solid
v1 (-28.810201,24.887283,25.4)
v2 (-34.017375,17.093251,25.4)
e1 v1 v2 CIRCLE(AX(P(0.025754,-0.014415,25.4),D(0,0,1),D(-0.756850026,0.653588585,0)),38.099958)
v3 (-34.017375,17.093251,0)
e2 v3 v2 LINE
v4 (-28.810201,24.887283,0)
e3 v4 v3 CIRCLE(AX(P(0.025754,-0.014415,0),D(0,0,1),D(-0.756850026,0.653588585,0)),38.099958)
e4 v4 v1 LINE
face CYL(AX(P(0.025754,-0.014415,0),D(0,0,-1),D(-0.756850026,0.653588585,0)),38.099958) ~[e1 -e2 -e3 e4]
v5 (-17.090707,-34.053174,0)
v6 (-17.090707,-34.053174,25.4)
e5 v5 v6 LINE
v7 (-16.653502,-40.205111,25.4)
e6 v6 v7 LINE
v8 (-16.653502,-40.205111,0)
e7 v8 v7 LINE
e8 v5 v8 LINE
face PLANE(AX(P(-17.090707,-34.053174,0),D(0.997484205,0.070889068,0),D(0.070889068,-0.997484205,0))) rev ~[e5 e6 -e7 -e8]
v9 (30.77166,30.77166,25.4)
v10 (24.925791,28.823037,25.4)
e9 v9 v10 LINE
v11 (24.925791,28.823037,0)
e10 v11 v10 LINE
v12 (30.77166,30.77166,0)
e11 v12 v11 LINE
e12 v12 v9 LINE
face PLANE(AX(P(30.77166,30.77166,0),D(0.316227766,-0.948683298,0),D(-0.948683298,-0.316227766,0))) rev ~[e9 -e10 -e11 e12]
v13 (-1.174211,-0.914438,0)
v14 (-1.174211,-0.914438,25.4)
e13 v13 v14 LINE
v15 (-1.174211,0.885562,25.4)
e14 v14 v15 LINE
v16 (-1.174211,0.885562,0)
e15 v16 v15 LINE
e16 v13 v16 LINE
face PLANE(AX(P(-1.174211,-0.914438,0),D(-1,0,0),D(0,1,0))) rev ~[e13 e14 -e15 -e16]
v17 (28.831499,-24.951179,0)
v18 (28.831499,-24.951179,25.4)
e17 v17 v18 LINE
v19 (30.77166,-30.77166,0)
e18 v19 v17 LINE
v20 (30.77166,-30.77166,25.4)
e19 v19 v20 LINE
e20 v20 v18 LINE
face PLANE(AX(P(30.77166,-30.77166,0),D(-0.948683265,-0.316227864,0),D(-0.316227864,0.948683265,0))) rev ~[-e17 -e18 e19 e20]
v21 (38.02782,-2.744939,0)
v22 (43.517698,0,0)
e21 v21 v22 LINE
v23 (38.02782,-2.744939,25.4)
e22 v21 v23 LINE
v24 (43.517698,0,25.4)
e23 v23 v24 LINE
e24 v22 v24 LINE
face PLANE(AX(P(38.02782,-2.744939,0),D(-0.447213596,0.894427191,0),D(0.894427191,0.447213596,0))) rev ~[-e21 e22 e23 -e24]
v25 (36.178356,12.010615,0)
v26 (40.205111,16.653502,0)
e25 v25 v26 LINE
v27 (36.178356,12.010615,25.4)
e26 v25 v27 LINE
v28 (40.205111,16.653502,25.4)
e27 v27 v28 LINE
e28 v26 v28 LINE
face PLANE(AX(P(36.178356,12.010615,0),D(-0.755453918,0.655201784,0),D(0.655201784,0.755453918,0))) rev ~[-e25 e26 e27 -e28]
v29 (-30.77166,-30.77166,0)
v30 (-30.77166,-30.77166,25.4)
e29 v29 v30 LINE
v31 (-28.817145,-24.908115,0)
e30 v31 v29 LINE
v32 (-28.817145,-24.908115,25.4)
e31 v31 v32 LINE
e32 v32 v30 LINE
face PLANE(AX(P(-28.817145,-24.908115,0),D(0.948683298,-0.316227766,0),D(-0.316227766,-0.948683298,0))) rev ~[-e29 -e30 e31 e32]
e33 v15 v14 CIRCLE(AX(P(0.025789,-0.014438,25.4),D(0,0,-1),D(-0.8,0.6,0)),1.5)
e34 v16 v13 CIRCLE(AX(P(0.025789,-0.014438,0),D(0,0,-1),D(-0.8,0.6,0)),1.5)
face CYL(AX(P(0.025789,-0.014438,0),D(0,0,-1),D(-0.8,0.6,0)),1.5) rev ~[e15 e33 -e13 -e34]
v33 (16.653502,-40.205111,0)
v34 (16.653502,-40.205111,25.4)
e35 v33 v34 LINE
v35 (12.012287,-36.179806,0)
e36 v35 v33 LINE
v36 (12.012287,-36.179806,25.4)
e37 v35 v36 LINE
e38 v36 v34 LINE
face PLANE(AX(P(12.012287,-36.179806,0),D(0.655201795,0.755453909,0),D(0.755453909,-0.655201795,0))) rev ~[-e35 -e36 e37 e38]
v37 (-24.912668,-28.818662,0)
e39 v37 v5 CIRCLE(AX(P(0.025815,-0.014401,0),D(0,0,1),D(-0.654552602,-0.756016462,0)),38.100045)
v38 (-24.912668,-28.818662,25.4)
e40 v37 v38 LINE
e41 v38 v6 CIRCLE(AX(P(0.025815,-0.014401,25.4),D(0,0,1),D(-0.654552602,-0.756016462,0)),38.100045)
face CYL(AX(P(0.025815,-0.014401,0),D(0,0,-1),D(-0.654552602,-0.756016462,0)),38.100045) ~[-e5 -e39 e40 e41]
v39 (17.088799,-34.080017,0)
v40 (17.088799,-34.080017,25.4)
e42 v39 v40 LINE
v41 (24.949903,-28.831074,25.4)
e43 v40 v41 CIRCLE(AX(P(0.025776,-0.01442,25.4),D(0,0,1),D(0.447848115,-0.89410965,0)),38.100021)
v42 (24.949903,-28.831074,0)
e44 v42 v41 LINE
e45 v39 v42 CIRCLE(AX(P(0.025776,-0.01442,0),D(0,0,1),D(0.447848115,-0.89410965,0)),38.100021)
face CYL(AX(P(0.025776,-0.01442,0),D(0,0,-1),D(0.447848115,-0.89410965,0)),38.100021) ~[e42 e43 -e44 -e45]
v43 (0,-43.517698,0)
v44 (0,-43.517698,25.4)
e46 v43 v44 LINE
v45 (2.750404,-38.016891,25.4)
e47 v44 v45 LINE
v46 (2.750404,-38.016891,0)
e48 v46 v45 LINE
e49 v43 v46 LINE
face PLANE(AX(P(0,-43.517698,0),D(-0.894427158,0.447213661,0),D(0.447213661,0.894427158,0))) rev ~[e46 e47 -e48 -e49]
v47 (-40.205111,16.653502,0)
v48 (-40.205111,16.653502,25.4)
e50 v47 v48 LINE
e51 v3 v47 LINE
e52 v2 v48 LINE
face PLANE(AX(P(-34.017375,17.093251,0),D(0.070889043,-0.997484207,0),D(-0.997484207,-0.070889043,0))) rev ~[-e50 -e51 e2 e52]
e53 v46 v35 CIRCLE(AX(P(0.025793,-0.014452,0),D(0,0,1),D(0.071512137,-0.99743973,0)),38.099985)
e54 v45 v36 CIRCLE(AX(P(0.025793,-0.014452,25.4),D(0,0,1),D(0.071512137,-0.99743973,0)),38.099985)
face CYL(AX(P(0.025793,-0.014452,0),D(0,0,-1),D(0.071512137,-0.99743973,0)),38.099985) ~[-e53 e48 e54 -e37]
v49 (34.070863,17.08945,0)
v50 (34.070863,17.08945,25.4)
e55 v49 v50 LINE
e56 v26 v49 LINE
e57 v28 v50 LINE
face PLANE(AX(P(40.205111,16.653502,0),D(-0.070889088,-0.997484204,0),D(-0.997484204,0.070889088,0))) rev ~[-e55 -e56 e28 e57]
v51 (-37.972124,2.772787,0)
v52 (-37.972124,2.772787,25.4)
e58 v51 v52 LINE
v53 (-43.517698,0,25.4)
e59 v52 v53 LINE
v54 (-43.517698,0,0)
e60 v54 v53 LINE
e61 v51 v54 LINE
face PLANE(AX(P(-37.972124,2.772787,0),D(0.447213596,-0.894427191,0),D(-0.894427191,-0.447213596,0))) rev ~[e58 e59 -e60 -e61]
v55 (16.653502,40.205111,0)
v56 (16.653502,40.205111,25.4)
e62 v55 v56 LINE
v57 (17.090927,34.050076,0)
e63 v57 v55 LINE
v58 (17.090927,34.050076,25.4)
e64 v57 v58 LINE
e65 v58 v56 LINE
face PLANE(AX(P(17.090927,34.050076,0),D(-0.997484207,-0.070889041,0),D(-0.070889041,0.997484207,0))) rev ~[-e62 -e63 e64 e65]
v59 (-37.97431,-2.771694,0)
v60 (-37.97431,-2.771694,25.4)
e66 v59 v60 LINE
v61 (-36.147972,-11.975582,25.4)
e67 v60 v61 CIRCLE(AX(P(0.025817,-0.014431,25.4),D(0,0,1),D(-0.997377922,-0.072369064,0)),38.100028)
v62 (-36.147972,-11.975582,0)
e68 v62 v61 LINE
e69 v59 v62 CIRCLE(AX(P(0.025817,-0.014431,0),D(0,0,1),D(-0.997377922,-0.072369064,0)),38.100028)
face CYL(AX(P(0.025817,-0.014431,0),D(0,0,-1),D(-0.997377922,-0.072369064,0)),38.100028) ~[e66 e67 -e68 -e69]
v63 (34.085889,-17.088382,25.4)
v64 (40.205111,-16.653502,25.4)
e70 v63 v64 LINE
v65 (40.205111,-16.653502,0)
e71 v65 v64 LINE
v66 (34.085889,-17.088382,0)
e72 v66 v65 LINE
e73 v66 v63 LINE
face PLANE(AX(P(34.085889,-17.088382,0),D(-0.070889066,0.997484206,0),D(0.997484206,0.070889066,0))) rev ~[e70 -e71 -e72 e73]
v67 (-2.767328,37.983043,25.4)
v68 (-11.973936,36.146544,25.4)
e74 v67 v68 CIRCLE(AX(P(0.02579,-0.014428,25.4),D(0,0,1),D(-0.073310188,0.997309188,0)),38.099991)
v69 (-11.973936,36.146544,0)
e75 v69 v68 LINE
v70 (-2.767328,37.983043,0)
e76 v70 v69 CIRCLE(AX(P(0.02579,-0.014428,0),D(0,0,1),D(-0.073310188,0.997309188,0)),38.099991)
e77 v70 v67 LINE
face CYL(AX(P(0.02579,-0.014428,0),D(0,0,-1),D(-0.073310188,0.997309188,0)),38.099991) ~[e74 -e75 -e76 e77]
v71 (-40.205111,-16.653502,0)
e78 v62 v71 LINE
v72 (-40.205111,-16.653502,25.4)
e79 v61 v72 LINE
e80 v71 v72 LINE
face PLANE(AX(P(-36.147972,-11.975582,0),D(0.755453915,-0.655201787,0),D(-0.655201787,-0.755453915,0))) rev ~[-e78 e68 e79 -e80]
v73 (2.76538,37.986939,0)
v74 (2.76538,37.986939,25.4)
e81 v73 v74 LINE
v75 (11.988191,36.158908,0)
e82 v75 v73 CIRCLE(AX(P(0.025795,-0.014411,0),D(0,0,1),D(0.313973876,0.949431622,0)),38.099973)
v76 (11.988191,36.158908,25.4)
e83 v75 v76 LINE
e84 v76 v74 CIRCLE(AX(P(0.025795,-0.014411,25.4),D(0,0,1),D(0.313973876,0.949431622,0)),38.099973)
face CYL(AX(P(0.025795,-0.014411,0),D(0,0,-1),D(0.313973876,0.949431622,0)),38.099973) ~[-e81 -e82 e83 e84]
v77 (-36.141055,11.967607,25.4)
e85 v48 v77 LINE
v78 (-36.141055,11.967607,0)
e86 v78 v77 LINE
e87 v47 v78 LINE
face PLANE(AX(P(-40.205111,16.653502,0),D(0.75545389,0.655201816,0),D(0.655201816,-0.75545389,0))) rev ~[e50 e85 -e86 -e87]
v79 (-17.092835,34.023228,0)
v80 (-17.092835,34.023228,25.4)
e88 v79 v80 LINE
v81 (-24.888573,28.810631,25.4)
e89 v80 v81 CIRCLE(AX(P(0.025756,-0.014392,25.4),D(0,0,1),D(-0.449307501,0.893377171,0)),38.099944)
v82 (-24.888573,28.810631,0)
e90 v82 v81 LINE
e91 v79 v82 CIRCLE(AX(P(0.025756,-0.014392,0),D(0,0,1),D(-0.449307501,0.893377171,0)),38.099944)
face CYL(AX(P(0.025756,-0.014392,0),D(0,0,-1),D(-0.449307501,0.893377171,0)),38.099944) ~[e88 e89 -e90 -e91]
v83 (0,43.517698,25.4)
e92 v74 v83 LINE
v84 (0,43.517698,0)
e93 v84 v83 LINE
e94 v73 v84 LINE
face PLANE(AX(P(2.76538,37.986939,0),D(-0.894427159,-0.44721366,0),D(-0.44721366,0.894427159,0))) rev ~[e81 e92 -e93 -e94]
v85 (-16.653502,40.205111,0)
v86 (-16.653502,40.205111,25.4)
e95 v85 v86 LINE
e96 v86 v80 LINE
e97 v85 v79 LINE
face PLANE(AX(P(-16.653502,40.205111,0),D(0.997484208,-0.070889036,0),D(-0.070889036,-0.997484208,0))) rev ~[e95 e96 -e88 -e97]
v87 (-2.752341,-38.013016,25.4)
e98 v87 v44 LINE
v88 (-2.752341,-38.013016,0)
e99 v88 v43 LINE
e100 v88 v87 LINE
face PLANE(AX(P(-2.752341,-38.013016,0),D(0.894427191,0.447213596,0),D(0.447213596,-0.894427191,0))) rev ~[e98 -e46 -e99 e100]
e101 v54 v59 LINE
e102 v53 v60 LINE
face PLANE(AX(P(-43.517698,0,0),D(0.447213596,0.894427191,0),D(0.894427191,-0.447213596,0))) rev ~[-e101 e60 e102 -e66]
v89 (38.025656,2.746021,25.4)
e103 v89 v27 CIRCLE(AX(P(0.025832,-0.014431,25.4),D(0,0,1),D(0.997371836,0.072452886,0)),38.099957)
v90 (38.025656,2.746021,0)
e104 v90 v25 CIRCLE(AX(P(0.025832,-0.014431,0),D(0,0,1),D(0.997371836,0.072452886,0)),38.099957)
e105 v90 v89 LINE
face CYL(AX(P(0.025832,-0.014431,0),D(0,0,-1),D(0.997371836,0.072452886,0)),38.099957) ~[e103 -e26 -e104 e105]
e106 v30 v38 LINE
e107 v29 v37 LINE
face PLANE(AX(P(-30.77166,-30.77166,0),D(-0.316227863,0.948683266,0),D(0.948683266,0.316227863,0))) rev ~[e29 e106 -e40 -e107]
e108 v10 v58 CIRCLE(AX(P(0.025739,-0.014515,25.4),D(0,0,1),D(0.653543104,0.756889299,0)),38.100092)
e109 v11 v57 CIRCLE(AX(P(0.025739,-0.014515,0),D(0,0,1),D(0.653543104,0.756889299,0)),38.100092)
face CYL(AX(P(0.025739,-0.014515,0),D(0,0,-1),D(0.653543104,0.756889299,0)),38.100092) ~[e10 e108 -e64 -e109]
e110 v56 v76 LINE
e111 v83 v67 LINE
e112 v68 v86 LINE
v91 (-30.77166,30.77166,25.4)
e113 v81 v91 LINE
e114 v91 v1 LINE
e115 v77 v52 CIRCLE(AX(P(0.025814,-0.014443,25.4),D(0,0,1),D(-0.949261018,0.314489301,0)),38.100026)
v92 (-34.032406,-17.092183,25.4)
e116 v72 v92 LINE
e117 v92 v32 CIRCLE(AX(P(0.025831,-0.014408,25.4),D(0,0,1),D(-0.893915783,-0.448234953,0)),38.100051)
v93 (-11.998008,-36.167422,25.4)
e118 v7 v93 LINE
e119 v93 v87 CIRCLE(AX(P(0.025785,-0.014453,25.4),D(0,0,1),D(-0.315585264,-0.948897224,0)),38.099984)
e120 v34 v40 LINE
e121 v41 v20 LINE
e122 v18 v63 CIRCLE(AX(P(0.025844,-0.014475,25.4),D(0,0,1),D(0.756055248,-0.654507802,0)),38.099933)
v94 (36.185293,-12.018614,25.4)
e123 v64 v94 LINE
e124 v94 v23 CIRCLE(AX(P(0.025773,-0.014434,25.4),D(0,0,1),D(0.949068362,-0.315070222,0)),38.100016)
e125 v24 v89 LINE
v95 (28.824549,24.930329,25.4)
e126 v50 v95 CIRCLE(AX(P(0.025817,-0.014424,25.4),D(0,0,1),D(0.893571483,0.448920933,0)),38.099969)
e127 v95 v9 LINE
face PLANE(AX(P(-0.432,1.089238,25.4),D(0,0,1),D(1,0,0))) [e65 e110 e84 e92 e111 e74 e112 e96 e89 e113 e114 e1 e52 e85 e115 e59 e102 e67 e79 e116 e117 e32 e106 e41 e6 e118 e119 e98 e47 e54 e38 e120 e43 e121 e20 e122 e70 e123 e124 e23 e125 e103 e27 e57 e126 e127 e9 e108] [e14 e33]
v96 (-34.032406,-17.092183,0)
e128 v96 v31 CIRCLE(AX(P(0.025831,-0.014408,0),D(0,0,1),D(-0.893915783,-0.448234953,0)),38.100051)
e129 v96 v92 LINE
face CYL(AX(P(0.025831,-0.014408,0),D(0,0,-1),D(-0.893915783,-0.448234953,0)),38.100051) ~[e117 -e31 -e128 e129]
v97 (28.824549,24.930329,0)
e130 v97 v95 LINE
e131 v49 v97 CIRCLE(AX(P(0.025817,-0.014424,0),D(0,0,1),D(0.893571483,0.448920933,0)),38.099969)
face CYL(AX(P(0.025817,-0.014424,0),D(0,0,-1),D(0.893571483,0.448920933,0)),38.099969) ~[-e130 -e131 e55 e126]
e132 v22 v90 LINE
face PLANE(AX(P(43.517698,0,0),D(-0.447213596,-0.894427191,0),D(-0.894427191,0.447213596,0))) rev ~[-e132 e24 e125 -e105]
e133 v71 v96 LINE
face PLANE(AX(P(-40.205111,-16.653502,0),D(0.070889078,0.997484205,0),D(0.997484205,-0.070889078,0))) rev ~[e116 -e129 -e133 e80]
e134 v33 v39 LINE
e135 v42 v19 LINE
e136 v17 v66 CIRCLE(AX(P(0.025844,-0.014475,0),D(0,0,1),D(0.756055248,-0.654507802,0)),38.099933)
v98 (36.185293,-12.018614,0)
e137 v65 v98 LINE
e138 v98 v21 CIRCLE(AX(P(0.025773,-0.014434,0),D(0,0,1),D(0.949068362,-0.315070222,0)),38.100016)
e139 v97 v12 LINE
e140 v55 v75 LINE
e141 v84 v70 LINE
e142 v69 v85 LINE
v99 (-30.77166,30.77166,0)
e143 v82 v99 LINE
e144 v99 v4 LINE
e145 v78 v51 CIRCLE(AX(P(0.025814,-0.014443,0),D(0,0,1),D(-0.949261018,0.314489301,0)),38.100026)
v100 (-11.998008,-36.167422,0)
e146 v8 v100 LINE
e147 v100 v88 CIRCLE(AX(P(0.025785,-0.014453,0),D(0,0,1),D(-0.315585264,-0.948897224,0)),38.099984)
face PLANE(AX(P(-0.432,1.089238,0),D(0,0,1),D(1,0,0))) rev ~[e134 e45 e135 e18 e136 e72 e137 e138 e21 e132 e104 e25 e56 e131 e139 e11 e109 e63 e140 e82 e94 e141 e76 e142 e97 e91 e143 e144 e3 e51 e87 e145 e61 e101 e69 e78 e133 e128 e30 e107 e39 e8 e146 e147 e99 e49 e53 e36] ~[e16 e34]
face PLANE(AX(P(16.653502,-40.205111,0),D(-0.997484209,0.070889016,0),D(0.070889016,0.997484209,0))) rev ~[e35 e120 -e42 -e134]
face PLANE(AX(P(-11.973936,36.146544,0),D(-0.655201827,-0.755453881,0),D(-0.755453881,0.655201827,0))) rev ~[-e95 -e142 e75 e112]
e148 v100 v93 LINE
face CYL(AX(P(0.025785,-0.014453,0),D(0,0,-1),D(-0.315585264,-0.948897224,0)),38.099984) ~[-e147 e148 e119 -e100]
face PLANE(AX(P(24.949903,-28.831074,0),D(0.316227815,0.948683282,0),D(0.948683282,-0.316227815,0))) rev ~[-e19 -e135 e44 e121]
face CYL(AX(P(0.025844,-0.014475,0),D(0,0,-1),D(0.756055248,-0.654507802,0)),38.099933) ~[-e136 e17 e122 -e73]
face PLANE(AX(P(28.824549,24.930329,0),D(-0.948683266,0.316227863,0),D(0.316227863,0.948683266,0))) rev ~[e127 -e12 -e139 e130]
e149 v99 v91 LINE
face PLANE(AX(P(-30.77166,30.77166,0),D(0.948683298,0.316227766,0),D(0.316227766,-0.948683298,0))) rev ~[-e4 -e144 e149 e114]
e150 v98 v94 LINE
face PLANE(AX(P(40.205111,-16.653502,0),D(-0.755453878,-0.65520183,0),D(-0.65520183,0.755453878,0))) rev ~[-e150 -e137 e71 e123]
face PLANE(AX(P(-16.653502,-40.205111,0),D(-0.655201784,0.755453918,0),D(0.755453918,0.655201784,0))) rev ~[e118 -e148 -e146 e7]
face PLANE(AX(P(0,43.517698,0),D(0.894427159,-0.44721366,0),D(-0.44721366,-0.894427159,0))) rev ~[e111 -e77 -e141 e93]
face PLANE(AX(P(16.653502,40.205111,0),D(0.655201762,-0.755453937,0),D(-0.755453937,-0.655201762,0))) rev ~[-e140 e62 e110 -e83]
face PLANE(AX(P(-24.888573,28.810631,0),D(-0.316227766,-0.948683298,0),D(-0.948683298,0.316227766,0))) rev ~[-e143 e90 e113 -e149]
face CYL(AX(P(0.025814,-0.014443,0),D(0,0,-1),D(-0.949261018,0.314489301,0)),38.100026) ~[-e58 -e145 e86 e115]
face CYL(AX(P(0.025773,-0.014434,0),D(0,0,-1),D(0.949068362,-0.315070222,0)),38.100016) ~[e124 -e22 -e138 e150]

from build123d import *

# Parameters (mm, degrees)
F1_DEPTH = 25.4


with BuildPart() as f1:
    # F0 (on Top) → F1 (new body)
    with BuildSketch(Plane.XY):
        with BuildLine():
            ThreePointArc((24.925791, 28.823037), (21.170498, 31.679588), (17.090927, 34.050076))
            ThreePointArc((17.090927, 34.050076), (14.57781, 35.197048), (11.988191, 36.158908))
            ThreePointArc((11.988191, 36.158908), (7.433391, 37.358513), (2.76538, 37.986939))
            ThreePointArc((2.76538, 37.986939), (-0.001045, 38.085553), (-2.767328, 37.983043))
            ThreePointArc((-2.767328, 37.983043), (-7.427413, 37.349446), (-11.973936, 36.146544))
            Line((-11.973936, 36.146544), (-16.653502, 40.205111))
            Line((-16.653502, 40.205111), (-17.092835, 34.023228))
            ThreePointArc((-17.092835, 34.023228), (-21.151694, 31.657699), (-24.888573, 28.810631))
            ThreePointArc((-24.888573, 28.810631), (-26.920885, 26.920424), (-28.810201, 24.887283))
            ThreePointArc((-28.810201, 24.887283), (-31.65439, 21.151013), (-34.017375, 17.093251))
            ThreePointArc((-34.017375, 17.093251), (-35.172639, 14.569137), (-36.141055, 11.967607))
            ThreePointArc((-36.141055, 11.967607), (-37.340492, 7.426734), (-37.972124, 2.772787))
            ThreePointArc((-37.972124, 2.772787), (-38.074208, 0.000586), (-37.97431, -2.771694))
            ThreePointArc((-37.97431, -2.771694), (-37.345567, -7.430077), (-36.147972, -11.975582))
            ThreePointArc((-36.147972, -11.975582), (-35.183255, -14.572363), (-34.032406, -17.092183))
            ThreePointArc((-34.032406, -17.092183), (-31.666642, -21.161537), (-28.817145, -24.908115))
            ThreePointArc((-28.817145, -24.908115), (-26.935898, -26.934271), (-24.912668, -28.818662))
            ThreePointArc((-24.912668, -28.818662), (-21.163944, -31.678379), (-17.090707, -34.053174))
            ThreePointArc((-17.090707, -34.053174), (-14.582657, -35.202551), (-11.998008, -36.167422))
            ThreePointArc((-11.998008, -36.167422), (-7.432483, -37.377309), (-2.752341, -38.013016))
            ThreePointArc((-2.752341, -38.013016), (-0.001039, -38.114428), (2.750404, -38.016891))
            ThreePointArc((2.750404, -38.016891), (7.438476, -37.38638), (12.012287, -36.179806))
            ThreePointArc((12.012287, -36.179806), (14.588438, -35.221528), (17.088799, -34.080017))
            ThreePointArc((17.088799, -34.080017), (21.182762, -31.700278), (24.949903, -28.831074))
            ThreePointArc((24.949903, -28.831074), (26.960653, -26.961109), (28.831499, -24.951179))
            ThreePointArc((28.831499, -24.951179), (31.703596, -21.183438), (34.085889, -17.088382))
            ThreePointArc((34.085889, -17.088382), (35.22698, -14.591342), (36.185293, -12.018614))
            ThreePointArc((36.185293, -12.018614), (37.395343, -7.439154), (38.02782, -2.744939))
            ThreePointArc((38.02782, -2.744939), (38.125786, 0.00058), (38.025656, 2.746021))
            ThreePointArc((38.025656, 2.746021), (37.390265, 7.435795), (36.178356, 12.010615))
            ThreePointArc((36.178356, 12.010615), (35.216354, 14.588102), (34.070863, 17.08945))
            ThreePointArc((34.070863, 17.08945), (31.691334, 21.1729), (28.824549, 24.930329))
            ThreePointArc((28.824549, 24.930329), (26.945625, 26.947247), (24.925791, 28.823037))
        make_face()
        with BuildLine():
            ThreePointArc((-1.174211, 0.885562), (1.525789, -0.014438), (-1.174211, -0.914438))
            Line((-1.174211, -0.914438), (-1.174211, 0.885562))
        make_face(mode=Mode.SUBTRACT)
        with BuildLine():
            ThreePointArc((11.988191, 36.158908), (14.57781, 35.197048), (17.090927, 34.050076))
            Line((17.090927, 34.050076), (16.653502, 40.205111))
            Line((16.653502, 40.205111), (11.988191, 36.158908))
        make_face()
        with BuildLine():
            Line((30.77166, 30.77166), (24.925791, 28.823037))
            ThreePointArc((24.925791, 28.823037), (26.945625, 26.947247), (28.824549, 24.930329))
            Line((28.824549, 24.930329), (30.77166, 30.77166))
        make_face()
        with BuildLine():
            ThreePointArc((-2.767328, 37.983043), (-0.001045, 38.085553), (2.76538, 37.986939))
            Line((2.76538, 37.986939), (0, 43.517698))
            Line((0, 43.517698), (-2.767328, 37.983043))
        make_face()
        with BuildLine():
            Line((40.205111, 16.653502), (34.070863, 17.08945))
            ThreePointArc((34.070863, 17.08945), (35.216354, 14.588102), (36.178356, 12.010615))
            Line((36.178356, 12.010615), (40.205111, 16.653502))
        make_face()
        with BuildLine():
            Line((43.517698, 0), (38.025656, 2.746021))
            ThreePointArc((38.025656, 2.746021), (38.125786, 0.00058), (38.02782, -2.744939))
            Line((38.02782, -2.744939), (43.517698, 0))
        make_face()
        with BuildLine():
            ThreePointArc((-28.810201, 24.887283), (-26.920885, 26.920424), (-24.888573, 28.810631))
            Line((-24.888573, 28.810631), (-30.77166, 30.77166))
            Line((-30.77166, 30.77166), (-28.810201, 24.887283))
        make_face()
        with BuildLine():
            Line((40.205111, -16.653502), (36.185293, -12.018614))
            ThreePointArc((36.185293, -12.018614), (35.22698, -14.591342), (34.085889, -17.088382))
            Line((34.085889, -17.088382), (40.205111, -16.653502))
        make_face()
        with BuildLine():
            ThreePointArc((-36.141055, 11.967607), (-35.172639, 14.569137), (-34.017375, 17.093251))
            Line((-34.017375, 17.093251), (-40.205111, 16.653502))
            Line((-40.205111, 16.653502), (-36.141055, 11.967607))
        make_face()
        with BuildLine():
            Line((30.77166, -30.77166), (28.831499, -24.951179))
            ThreePointArc((28.831499, -24.951179), (26.960653, -26.961109), (24.949903, -28.831074))
            Line((24.949903, -28.831074), (30.77166, -30.77166))
        make_face()
        with BuildLine():
            ThreePointArc((-37.97431, -2.771694), (-38.074208, 0.000586), (-37.972124, 2.772787))
            Line((-37.972124, 2.772787), (-43.517698, 0))
            Line((-43.517698, 0), (-37.97431, -2.771694))
        make_face()
        with BuildLine():
            Line((16.653502, -40.205111), (17.088799, -34.080017))
            ThreePointArc((17.088799, -34.080017), (14.588438, -35.221528), (12.012287, -36.179806))
            Line((12.012287, -36.179806), (16.653502, -40.205111))
        make_face()
        with BuildLine():
            ThreePointArc((-34.032406, -17.092183), (-35.183255, -14.572363), (-36.147972, -11.975582))
            Line((-36.147972, -11.975582), (-40.205111, -16.653502))
            Line((-40.205111, -16.653502), (-34.032406, -17.092183))
        make_face()
        with BuildLine():
            Line((0, -43.517698), (2.750404, -38.016891))
            ThreePointArc((2.750404, -38.016891), (-0.001039, -38.114428), (-2.752341, -38.013016))
            Line((-2.752341, -38.013016), (0, -43.517698))
        make_face()
        with BuildLine():
            ThreePointArc((-24.912668, -28.818662), (-26.935898, -26.934271), (-28.817145, -24.908115))
            Line((-28.817145, -24.908115), (-30.77166, -30.77166))
            Line((-30.77166, -30.77166), (-24.912668, -28.818662))
        make_face()
        with BuildLine():
            Line((-16.653502, -40.205111), (-11.998008, -36.167422))
            ThreePointArc((-11.998008, -36.167422), (-14.582657, -35.202551), (-17.090707, -34.053174))
            Line((-17.090707, -34.053174), (-16.653502, -40.205111))
        make_face()
    extrude(amount=F1_DEPTH)


solid = f1.part
